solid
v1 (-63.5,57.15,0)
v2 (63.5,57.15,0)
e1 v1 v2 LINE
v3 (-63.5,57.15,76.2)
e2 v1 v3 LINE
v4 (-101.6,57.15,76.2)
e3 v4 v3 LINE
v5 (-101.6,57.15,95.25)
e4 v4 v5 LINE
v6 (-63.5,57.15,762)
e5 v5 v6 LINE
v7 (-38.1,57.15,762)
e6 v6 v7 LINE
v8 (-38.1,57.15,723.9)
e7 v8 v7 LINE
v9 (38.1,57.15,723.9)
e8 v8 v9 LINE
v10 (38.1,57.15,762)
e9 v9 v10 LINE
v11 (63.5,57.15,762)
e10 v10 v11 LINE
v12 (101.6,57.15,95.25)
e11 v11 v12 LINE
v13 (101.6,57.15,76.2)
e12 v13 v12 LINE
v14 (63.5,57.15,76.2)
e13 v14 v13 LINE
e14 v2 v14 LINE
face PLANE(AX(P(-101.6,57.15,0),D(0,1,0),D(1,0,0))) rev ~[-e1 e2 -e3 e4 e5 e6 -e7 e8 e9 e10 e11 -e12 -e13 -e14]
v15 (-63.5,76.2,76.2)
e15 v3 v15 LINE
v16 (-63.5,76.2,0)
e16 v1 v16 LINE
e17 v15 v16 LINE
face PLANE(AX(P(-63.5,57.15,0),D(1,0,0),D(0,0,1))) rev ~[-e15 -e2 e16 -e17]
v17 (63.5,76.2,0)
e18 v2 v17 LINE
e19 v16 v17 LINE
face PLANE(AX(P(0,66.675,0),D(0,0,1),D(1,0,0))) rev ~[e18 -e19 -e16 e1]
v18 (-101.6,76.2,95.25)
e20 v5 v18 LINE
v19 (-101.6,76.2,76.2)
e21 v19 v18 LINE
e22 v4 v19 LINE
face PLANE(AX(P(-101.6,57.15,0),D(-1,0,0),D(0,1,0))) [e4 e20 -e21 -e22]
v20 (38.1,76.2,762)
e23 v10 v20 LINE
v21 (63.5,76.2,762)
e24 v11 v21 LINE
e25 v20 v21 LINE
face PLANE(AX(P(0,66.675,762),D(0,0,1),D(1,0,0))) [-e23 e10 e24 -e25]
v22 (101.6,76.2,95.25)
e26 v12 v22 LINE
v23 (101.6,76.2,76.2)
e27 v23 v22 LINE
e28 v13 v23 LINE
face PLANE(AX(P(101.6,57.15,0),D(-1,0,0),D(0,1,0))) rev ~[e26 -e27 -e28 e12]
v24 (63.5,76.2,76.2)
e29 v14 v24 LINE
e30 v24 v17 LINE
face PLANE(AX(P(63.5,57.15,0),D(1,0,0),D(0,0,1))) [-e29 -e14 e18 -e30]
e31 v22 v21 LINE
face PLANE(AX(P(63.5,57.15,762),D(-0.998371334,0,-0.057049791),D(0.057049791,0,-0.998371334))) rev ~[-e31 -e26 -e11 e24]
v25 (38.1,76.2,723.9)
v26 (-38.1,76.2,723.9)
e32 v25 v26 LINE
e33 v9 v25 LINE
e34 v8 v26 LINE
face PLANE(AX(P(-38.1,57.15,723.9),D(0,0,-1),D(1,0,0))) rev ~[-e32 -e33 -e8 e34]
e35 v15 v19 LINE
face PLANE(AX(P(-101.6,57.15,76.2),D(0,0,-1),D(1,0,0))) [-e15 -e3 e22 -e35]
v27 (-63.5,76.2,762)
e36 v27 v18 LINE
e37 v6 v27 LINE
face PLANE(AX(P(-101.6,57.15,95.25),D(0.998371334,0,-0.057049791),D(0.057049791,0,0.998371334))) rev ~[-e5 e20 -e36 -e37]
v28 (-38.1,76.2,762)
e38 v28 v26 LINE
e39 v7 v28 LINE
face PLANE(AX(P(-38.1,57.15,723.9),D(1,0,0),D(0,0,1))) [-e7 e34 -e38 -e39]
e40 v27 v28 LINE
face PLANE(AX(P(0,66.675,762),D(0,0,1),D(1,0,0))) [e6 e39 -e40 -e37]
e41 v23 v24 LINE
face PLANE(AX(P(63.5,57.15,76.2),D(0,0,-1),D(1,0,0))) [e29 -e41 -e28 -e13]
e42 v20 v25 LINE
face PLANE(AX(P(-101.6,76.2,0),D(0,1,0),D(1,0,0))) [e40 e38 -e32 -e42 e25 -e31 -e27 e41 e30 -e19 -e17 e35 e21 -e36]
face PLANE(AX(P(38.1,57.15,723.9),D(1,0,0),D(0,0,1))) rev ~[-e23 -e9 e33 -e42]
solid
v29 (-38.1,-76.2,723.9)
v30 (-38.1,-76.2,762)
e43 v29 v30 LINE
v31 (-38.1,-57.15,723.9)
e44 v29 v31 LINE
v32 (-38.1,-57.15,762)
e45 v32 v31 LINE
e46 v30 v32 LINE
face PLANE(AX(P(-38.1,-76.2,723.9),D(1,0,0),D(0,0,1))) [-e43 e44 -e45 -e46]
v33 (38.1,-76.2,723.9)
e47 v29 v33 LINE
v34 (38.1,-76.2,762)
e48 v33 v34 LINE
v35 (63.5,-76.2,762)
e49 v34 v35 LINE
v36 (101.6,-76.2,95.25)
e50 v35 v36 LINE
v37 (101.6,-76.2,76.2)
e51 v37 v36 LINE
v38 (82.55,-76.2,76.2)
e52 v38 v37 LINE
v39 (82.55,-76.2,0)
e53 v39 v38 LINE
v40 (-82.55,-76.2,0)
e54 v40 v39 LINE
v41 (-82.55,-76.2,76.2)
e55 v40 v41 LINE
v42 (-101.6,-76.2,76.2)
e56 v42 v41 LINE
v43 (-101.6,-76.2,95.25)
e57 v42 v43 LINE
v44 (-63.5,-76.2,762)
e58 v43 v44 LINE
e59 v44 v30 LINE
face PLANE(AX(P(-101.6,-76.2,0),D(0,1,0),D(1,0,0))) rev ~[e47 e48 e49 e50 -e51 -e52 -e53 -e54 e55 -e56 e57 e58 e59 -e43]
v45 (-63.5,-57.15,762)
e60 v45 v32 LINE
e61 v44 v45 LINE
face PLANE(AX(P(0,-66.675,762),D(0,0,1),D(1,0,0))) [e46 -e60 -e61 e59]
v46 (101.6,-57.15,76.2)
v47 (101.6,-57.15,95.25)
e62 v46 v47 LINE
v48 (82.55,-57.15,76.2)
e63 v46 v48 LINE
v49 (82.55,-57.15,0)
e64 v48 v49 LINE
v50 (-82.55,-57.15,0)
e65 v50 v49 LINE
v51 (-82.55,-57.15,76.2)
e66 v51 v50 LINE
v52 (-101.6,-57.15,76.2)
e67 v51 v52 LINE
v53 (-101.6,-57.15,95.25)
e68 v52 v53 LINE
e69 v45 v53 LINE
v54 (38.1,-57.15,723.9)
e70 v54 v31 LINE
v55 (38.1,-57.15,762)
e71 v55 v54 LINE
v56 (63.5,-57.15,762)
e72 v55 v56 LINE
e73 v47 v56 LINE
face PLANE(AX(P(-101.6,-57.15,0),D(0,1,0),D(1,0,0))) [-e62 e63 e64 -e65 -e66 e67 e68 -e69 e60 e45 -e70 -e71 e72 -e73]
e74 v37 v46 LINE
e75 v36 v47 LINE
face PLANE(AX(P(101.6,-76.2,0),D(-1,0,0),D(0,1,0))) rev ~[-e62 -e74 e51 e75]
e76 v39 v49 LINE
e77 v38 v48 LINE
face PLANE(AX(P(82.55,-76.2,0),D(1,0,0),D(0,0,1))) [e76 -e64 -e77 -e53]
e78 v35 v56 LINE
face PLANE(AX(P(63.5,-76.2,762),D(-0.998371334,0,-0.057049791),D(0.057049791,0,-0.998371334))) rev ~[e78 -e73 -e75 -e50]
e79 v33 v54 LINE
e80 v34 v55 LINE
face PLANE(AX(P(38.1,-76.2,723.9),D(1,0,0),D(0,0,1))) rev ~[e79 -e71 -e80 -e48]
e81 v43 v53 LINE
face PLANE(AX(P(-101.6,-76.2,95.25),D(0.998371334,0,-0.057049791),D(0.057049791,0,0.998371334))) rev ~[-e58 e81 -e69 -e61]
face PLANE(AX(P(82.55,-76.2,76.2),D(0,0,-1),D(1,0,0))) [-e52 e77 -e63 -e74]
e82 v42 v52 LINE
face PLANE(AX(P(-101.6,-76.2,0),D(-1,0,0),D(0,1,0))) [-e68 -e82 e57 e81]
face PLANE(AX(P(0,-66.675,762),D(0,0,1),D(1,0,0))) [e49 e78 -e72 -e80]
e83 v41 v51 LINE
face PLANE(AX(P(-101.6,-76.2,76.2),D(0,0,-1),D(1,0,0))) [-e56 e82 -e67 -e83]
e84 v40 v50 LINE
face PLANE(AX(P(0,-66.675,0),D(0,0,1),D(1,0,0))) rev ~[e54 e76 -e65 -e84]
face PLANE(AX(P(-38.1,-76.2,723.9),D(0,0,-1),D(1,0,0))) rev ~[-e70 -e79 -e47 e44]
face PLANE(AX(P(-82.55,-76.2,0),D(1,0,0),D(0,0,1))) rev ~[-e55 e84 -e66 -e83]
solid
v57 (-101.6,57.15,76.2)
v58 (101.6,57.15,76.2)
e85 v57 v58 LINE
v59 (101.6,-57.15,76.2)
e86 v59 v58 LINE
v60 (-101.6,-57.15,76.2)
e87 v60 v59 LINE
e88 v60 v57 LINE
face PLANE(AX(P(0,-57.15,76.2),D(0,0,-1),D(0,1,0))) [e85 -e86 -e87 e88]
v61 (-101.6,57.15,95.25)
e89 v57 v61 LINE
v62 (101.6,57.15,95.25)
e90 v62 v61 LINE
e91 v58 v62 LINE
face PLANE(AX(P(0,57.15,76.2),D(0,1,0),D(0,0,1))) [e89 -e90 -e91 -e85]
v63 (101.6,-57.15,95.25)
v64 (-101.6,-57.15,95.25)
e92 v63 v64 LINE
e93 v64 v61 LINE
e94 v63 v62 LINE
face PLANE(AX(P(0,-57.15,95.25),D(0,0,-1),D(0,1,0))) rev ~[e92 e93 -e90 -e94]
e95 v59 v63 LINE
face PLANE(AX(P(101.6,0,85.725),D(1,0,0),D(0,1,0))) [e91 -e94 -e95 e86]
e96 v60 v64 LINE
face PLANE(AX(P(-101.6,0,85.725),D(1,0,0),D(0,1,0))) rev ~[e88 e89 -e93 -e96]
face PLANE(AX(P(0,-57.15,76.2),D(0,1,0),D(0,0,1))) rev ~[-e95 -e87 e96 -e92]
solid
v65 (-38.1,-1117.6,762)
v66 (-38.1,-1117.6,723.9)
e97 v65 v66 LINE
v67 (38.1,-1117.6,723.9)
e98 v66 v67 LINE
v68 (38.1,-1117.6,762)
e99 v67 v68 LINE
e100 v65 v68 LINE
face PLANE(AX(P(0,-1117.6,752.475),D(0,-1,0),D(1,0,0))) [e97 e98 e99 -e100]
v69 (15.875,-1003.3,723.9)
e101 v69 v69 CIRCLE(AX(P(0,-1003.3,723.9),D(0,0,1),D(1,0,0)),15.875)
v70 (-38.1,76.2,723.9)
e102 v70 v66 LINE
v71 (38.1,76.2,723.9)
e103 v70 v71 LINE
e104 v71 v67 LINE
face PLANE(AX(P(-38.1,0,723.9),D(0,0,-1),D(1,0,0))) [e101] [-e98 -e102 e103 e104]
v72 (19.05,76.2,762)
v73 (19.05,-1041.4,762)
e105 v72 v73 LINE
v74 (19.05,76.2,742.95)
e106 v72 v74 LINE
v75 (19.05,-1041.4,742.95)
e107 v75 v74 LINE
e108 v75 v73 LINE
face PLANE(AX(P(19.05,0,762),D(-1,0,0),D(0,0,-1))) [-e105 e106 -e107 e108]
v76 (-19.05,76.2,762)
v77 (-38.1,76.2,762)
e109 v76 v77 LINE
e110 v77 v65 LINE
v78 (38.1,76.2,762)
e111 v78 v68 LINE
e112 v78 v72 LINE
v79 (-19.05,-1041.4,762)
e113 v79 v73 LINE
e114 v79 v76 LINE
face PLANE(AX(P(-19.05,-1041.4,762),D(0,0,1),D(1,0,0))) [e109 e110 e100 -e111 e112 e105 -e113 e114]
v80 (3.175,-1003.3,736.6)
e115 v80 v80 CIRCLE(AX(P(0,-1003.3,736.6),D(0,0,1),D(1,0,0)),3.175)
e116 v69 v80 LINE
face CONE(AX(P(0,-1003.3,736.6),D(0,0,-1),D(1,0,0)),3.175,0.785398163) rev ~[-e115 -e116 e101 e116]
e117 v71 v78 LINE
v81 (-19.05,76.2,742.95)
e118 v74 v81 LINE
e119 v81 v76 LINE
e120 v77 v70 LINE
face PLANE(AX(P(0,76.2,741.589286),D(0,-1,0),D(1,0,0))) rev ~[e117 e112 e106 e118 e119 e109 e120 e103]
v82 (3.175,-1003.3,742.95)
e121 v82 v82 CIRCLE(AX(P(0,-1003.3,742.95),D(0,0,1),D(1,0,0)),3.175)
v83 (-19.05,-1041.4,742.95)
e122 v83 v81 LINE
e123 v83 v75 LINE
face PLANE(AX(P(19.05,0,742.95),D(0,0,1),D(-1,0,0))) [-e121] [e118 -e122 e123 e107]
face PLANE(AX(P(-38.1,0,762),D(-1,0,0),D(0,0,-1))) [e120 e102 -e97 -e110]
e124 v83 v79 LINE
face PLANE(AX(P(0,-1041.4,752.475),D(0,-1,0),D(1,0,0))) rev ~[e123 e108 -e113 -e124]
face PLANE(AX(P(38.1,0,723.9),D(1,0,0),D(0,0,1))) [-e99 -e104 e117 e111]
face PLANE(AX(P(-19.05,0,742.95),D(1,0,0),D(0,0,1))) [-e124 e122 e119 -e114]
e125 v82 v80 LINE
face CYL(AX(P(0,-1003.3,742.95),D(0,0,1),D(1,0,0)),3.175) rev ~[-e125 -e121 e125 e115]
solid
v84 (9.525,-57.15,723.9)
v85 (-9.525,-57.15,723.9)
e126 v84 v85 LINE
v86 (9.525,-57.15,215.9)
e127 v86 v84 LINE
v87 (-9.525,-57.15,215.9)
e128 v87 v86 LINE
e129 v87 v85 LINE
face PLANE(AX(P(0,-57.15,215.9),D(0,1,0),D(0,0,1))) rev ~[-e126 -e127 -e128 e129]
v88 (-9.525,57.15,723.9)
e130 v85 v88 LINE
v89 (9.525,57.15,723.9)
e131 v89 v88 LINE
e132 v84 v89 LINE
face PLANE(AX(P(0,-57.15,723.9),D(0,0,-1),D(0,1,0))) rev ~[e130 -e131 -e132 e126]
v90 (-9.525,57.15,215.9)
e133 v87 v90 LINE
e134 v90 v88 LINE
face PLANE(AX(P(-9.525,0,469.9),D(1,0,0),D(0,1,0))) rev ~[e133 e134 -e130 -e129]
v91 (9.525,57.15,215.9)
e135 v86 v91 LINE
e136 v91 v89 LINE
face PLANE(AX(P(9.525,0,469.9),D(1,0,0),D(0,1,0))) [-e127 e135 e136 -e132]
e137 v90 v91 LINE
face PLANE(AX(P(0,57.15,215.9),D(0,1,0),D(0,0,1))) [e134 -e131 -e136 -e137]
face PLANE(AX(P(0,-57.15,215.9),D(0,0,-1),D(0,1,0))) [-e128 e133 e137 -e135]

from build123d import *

# Parameters (mm, degrees)
F0_W           = 203.2
F0_H           = 19.05
F1_DEPTH       = 762
F2_W           = 19.05
F2_H           = 76.2
F2_W_2         = 76.2
F2_H_2         = 38.1
F3_DEPTH       = 25.4
F4_W           = 76.2
F4_H           = 38.1
F4_W_2         = 38.1
F4_H_2         = 76.2
F5_DEPTH       = 25.4
F7_DEPTH       = 1117.6
F7_DEPTH_BACK  = 76.2
F8_R           = 3.175
F9_DEPTH       = 25.4
F10_SIZE       = 12.7
F12_START      = 1041.4
F11_W          = 38.1
F11_H          = 19.05
F12_DEPTH      = 76.2
F13_W          = 114.3
F13_H          = 508
F14_DEPTH      = 9.525
F14_DEPTH_BACK = 9.525
F15_W          = 114.3
F15_H          = 19.05
F16_DEPTH      = 101.6
F16_DEPTH_BACK = 101.6


with BuildPart() as f1:
    # F0 (on Top) → F1 (new body)
    with BuildSketch(Plane.XY):
        with Locations((0, -66.675)):
            Rectangle(F0_W, F0_H)
    extrude(amount=F1_DEPTH)

    # F2 (on face) → F3 (cut)
    with BuildSketch(Plane.XZ.offset(76.2)):
        Polygon((101.6, 95.25), (101.6, 762), (63.5, 762), align=None)
        Polygon((-101.6, 95.25), (-63.5, 762), (-101.6, 762), align=None)
        with Locations((-92.075, 38.1)):
            Rectangle(F2_W, F2_H)
        with Locations((0, 742.95)):
            Rectangle(F2_W_2, F2_H_2)
        with Locations((92.075, 38.1)):
            Rectangle(F2_W, F2_H)
    extrude(amount=-F3_DEPTH, mode=Mode.SUBTRACT)


with BuildPart() as f1b:
    # F0 (on Top) → F1, piece 2 (new body)
    with BuildSketch(Plane.XY):
        with Locations((0, 66.675)):
            Rectangle(F0_W, F0_H)
    extrude(amount=F1_DEPTH)

    # F4 (on face) → F5 (cut)
    with BuildSketch(Plane.XZ.offset(-57.15)):
        with Locations((0, 742.95)):
            Rectangle(F4_W, F4_H)
        Polygon((101.6, 95.25), (101.6, 762), (63.5, 762), align=None)
        Polygon((-63.5, 762), (-101.6, 762), (-101.6, 95.25), align=None)
        with Locations((82.55, 38.1)):
            Rectangle(F4_W_2, F4_H_2)
        with Locations((-82.55, 38.1)):
            Rectangle(F4_W_2, F4_H_2)
    extrude(amount=-F5_DEPTH, mode=Mode.SUBTRACT)


with BuildPart() as f7:
    # F6 (on Front) → F7 (new body, two sides)
    with BuildSketch(Plane.XZ) as f7_sk:
        Polygon((-19.05, 762), (-38.1, 762), (-38.1, 723.9), (38.1, 723.9), (38.1, 762), (19.05, 762), (19.05, 742.95), (-19.05, 742.95), align=None)
    extrude(amount=F7_DEPTH)
    extrude(f7_sk.sketch, amount=-F7_DEPTH_BACK)

    # F8 (on face) → F9 (cut)
    with BuildSketch(Plane.XY.offset(742.95)):
        with Locations((0, -1003.3)):
            Circle(F8_R)
    extrude(amount=-F9_DEPTH, mode=Mode.SUBTRACT)

    # F10
    f10_edges = [f7.edges().sort_by_distance(p)[0] for p in [
        (-3.175, -1003.3, 723.9),
    ]]
    chamfer(f10_edges, length=F10_SIZE)

    # F11 (on Front) → F12 (join)
    with BuildSketch(Plane.XZ.offset(F12_START)):
        with Locations((0, 752.475)):
            Rectangle(F11_W, F11_H)
    extrude(amount=F12_DEPTH)


with BuildPart() as f14:
    # F13 (on Right) → F14 (new body, two sides)
    with BuildSketch(Plane.YZ) as f14_sk:
        with Locations((0, 469.9)):
            Rectangle(F13_W, F13_H)
    extrude(amount=F14_DEPTH)
    extrude(f14_sk.sketch, amount=-F14_DEPTH_BACK)


with BuildPart() as f16:
    # F15 (on Right) → F16 (new body, two sides)
    with BuildSketch(Plane.YZ) as f16_sk:
        with Locations((0, 85.725)):
            Rectangle(F15_W, F15_H)
    extrude(amount=F16_DEPTH)
    extrude(f16_sk.sketch, amount=-F16_DEPTH_BACK)


solid = Compound([f1.part, f1b.part, f7.part, f14.part, f16.part])
